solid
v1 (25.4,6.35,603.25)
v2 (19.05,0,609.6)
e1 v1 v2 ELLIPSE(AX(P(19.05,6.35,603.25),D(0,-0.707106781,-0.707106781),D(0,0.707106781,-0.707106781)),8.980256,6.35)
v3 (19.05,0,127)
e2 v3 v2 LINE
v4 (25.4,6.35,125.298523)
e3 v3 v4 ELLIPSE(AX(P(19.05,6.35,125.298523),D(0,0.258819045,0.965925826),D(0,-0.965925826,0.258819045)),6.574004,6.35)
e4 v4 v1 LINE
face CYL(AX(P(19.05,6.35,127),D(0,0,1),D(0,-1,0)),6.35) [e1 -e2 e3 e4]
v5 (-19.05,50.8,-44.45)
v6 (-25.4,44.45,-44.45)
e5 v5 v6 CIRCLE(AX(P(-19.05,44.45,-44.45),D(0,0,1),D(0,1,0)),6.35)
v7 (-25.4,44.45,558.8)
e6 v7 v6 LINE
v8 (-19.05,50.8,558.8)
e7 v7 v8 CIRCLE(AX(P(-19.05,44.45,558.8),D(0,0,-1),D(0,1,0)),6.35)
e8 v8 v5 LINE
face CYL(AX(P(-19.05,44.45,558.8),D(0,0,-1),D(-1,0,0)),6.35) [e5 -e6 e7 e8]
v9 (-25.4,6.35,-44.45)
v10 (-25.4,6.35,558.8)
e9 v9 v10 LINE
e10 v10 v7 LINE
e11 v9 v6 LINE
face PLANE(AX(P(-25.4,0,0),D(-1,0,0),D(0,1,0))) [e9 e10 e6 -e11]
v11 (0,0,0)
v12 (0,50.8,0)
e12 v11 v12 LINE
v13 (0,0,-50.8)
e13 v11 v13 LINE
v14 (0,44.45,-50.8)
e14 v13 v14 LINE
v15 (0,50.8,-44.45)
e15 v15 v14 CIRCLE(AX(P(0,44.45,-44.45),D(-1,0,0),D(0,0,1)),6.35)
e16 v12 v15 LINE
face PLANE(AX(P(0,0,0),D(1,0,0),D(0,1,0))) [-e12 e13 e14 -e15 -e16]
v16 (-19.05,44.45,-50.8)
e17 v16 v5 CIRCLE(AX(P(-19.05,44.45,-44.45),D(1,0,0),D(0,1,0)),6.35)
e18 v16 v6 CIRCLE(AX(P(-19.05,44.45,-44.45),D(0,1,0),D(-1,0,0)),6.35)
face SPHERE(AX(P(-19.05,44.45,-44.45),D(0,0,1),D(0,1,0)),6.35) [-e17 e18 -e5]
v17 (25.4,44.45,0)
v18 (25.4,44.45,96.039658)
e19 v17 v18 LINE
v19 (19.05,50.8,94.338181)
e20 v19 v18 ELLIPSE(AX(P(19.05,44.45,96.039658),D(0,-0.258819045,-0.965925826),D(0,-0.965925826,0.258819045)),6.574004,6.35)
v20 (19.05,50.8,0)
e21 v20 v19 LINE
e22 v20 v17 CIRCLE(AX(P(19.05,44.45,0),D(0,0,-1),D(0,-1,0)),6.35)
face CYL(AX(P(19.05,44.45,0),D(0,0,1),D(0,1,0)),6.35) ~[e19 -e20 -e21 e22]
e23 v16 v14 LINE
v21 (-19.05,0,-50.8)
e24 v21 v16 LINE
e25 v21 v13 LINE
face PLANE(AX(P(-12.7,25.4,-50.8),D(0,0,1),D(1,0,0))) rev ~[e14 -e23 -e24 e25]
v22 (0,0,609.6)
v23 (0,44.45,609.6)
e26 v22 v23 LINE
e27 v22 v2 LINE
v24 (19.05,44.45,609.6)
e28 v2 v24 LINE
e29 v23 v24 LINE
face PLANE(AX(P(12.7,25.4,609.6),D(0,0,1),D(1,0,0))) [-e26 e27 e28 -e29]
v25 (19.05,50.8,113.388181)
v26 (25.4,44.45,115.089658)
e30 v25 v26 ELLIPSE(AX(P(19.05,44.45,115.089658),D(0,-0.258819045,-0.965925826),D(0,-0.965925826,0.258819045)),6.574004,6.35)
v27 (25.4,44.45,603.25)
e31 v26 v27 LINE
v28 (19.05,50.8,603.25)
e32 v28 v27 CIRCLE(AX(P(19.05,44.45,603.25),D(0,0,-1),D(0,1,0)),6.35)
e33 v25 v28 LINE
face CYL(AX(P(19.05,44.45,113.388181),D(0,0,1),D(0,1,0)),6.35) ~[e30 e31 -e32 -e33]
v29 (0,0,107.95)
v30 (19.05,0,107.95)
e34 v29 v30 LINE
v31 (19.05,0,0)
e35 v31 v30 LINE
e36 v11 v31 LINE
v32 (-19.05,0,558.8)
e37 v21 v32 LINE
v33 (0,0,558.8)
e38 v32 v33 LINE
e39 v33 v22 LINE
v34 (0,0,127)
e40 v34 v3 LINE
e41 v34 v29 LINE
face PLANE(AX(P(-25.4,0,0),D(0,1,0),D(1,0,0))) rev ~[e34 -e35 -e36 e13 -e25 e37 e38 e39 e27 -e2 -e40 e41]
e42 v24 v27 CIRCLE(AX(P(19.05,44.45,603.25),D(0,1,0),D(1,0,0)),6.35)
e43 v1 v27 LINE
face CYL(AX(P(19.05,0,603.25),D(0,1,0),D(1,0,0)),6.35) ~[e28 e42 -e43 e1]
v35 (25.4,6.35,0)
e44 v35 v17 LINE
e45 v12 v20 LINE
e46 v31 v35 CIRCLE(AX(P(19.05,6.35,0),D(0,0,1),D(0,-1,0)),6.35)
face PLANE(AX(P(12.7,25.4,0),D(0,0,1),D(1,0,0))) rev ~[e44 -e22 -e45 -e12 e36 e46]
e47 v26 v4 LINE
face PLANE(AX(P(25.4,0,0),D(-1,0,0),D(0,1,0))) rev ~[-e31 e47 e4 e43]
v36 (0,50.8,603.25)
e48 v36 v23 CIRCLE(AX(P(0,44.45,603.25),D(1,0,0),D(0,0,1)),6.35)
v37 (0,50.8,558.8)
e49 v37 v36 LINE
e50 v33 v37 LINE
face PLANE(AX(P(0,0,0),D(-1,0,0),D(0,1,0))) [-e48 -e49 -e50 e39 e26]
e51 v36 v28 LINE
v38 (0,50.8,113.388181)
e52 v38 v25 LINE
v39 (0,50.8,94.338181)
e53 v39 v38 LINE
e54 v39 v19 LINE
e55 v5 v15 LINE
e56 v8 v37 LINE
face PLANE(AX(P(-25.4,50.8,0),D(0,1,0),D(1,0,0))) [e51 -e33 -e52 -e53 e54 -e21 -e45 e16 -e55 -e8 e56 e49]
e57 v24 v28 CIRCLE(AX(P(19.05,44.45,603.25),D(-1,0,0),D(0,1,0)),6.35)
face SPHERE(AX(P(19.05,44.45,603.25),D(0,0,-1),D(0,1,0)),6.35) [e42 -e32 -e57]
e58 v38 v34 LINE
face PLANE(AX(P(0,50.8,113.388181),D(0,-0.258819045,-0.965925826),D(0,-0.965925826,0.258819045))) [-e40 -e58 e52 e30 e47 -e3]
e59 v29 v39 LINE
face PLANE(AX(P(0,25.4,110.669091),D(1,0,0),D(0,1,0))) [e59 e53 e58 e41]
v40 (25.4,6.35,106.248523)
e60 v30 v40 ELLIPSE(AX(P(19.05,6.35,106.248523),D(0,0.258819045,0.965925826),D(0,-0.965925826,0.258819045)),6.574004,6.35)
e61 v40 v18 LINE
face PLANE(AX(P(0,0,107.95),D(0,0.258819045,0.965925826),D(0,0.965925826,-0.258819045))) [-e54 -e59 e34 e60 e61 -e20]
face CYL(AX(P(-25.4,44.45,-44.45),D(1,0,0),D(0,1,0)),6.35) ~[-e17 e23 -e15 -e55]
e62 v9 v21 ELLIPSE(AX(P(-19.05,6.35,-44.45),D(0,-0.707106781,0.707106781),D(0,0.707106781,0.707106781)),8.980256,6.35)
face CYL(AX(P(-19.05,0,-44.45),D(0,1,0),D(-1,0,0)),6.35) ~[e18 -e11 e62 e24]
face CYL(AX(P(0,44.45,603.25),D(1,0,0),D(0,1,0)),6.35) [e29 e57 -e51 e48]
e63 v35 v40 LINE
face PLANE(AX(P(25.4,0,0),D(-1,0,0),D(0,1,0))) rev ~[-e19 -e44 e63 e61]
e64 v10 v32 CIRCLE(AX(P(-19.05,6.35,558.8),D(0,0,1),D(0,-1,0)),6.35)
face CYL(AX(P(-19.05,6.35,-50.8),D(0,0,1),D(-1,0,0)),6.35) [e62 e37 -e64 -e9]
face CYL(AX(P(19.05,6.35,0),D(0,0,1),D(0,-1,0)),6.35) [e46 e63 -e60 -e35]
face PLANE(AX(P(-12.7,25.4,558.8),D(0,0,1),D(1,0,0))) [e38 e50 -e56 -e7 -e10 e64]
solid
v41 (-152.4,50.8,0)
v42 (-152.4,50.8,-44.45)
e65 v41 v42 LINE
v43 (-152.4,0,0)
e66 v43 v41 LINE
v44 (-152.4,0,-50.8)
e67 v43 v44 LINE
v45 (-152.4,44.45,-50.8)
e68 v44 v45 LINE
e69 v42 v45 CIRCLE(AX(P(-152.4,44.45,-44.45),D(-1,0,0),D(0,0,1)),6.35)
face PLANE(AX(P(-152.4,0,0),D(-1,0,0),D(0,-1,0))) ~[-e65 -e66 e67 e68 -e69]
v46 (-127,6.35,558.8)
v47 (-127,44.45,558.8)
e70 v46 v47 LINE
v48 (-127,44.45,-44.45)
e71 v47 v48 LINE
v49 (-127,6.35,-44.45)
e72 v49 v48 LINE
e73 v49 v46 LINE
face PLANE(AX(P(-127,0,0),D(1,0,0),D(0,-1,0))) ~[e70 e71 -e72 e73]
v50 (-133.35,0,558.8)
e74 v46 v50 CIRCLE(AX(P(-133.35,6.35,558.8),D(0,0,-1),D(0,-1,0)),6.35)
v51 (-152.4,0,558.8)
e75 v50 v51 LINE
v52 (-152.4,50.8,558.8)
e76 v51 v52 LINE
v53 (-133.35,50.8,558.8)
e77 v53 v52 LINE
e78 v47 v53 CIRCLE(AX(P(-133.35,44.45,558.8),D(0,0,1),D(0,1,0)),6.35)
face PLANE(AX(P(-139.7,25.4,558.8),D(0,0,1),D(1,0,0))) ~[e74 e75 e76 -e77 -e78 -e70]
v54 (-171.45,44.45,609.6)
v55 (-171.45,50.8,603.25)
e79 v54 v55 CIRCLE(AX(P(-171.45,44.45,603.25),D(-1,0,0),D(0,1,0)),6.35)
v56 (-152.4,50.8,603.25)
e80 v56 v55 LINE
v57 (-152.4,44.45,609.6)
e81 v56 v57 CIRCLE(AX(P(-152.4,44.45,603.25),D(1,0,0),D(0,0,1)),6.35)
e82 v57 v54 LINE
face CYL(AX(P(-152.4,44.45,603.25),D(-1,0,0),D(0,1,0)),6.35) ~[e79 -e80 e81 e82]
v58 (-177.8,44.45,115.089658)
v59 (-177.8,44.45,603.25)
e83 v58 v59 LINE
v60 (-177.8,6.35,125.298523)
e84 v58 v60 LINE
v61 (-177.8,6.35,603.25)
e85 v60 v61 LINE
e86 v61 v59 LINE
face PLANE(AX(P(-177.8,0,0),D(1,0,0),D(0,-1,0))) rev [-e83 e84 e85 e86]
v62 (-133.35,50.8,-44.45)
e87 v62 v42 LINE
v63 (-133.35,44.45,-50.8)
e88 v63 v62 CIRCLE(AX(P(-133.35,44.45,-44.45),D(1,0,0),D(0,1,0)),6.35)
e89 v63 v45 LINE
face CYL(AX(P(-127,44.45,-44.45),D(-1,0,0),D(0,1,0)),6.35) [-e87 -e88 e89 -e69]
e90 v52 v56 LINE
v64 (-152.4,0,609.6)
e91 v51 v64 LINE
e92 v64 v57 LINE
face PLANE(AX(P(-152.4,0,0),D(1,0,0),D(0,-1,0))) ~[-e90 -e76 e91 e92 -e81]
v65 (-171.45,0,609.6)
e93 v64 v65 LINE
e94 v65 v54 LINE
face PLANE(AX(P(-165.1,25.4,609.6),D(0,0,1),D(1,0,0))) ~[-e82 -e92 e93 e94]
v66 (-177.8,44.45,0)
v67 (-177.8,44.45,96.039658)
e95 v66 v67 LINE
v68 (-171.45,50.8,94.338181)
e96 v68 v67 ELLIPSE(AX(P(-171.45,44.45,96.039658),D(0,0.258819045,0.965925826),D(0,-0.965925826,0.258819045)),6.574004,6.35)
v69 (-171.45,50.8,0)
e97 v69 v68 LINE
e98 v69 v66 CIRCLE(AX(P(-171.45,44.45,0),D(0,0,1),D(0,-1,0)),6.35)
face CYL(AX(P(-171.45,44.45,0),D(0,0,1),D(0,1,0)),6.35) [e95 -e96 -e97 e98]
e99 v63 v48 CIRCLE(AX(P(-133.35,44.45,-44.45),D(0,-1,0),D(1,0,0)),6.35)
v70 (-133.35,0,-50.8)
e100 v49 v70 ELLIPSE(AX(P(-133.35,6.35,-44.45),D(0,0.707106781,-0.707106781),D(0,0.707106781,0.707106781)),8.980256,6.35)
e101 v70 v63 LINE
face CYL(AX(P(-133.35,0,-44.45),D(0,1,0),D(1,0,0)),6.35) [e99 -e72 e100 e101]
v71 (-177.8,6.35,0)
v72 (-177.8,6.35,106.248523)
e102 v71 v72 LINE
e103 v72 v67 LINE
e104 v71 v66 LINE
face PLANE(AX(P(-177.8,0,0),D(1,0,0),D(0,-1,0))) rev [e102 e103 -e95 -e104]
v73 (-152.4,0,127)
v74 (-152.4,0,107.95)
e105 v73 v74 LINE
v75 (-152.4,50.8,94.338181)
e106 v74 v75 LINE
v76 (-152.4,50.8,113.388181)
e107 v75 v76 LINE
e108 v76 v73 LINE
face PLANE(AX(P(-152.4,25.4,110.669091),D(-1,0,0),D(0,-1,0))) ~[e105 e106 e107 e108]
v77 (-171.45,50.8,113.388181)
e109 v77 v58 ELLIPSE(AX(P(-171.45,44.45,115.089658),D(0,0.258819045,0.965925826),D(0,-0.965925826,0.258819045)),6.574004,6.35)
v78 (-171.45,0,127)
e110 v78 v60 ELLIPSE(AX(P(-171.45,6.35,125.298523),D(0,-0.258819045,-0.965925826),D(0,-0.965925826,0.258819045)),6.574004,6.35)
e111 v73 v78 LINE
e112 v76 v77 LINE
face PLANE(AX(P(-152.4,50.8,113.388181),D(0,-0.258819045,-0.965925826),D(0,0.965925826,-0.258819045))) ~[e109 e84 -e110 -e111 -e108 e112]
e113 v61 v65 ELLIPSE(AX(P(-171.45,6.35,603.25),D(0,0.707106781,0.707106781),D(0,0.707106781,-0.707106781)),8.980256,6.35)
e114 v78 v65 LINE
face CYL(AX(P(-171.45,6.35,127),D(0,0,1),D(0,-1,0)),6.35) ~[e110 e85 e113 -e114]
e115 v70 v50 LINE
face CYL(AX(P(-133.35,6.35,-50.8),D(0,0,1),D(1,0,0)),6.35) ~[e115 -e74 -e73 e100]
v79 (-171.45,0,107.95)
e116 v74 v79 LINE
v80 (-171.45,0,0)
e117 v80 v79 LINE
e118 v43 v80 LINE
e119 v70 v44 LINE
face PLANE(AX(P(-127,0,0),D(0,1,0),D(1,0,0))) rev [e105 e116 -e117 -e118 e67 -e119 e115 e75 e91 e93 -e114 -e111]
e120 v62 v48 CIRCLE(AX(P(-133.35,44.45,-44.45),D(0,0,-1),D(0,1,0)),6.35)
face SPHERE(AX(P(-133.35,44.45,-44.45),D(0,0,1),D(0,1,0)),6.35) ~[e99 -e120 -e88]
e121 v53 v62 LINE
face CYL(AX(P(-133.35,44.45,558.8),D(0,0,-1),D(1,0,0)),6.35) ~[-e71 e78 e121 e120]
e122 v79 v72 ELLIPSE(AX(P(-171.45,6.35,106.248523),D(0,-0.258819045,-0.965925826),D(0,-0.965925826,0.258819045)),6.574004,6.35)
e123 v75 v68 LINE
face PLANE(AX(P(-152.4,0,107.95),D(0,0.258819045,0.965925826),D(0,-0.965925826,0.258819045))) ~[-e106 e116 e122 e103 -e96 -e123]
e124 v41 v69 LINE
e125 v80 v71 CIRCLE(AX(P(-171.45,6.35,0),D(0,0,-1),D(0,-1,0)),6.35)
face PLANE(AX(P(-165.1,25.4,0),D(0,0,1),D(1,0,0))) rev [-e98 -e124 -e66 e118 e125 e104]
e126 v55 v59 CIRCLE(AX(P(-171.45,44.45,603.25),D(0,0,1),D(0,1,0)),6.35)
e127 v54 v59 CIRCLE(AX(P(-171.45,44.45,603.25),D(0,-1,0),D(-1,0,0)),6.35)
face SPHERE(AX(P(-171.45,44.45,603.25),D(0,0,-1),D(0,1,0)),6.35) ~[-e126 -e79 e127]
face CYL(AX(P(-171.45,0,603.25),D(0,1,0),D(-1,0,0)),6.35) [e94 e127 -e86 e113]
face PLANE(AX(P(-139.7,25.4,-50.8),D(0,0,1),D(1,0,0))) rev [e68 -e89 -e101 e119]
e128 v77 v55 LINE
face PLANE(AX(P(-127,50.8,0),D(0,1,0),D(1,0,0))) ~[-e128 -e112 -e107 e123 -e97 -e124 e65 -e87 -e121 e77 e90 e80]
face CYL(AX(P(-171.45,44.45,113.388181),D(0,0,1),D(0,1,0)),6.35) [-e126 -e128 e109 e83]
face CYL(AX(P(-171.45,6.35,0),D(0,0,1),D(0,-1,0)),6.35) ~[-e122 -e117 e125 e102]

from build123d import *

# Parameters (mm, degrees)
F0_W          = 25.4
F0_H          = 50.8
F1_DEPTH      = 609.6
F2_DEPTH      = 50.8
F2_DEPTH_BACK = 558.8
F4_DEPTH      = 25.4
F5_R          = 6.35


with BuildPart() as f1:
    # F0 (on Top) → F1 (new body)
    with BuildSketch(Plane.XY):
        with Locations((12.7, 25.4)):
            Rectangle(F0_W, F0_H)
    extrude(amount=F1_DEPTH)

    # F0 (on Top) → F2 (join, two sides)
    with BuildSketch(Plane.XY) as f2_sk:
        with Locations((-12.7, 25.4)):
            Rectangle(F0_W, F0_H)
    extrude(amount=-F2_DEPTH)
    extrude(f2_sk.sketch, amount=F2_DEPTH_BACK)

    # F3 (on Right) → F4 (cut)
    with BuildSketch(Plane.YZ):
        Polygon((0, 127), (0, 107.95), (50.8, 94.3381810245), (50.8, 113.3881810245), align=None)
    extrude(amount=F4_DEPTH, mode=Mode.SUBTRACT)

    # F5
    f5_edges = [f1.edges().sort_by_distance(p)[0] for p in [
        (25.4, 50.8, 47.169091),
        (25.4, 50.8, 361.494091),
        (-25.4, 50.8, 254),
        (-12.7, 50.8, -50.8),
        (-25.4, 25.4, -50.8),
        (-25.4, 0, 254),
        (12.7, 50.8, 609.6),
        (25.4, 25.4, 609.6),
        (25.4, 0, 368.3),
        (25.4, 0, 53.975),
    ]]
    fillet(f5_edges, radius=F5_R)


with BuildPart() as f7_1:
    # F7: instance of F1
    add(f1.part.mirror(Plane.YZ.offset(-76.2)))


solid = Compound([f1.part, f7_1.part])
